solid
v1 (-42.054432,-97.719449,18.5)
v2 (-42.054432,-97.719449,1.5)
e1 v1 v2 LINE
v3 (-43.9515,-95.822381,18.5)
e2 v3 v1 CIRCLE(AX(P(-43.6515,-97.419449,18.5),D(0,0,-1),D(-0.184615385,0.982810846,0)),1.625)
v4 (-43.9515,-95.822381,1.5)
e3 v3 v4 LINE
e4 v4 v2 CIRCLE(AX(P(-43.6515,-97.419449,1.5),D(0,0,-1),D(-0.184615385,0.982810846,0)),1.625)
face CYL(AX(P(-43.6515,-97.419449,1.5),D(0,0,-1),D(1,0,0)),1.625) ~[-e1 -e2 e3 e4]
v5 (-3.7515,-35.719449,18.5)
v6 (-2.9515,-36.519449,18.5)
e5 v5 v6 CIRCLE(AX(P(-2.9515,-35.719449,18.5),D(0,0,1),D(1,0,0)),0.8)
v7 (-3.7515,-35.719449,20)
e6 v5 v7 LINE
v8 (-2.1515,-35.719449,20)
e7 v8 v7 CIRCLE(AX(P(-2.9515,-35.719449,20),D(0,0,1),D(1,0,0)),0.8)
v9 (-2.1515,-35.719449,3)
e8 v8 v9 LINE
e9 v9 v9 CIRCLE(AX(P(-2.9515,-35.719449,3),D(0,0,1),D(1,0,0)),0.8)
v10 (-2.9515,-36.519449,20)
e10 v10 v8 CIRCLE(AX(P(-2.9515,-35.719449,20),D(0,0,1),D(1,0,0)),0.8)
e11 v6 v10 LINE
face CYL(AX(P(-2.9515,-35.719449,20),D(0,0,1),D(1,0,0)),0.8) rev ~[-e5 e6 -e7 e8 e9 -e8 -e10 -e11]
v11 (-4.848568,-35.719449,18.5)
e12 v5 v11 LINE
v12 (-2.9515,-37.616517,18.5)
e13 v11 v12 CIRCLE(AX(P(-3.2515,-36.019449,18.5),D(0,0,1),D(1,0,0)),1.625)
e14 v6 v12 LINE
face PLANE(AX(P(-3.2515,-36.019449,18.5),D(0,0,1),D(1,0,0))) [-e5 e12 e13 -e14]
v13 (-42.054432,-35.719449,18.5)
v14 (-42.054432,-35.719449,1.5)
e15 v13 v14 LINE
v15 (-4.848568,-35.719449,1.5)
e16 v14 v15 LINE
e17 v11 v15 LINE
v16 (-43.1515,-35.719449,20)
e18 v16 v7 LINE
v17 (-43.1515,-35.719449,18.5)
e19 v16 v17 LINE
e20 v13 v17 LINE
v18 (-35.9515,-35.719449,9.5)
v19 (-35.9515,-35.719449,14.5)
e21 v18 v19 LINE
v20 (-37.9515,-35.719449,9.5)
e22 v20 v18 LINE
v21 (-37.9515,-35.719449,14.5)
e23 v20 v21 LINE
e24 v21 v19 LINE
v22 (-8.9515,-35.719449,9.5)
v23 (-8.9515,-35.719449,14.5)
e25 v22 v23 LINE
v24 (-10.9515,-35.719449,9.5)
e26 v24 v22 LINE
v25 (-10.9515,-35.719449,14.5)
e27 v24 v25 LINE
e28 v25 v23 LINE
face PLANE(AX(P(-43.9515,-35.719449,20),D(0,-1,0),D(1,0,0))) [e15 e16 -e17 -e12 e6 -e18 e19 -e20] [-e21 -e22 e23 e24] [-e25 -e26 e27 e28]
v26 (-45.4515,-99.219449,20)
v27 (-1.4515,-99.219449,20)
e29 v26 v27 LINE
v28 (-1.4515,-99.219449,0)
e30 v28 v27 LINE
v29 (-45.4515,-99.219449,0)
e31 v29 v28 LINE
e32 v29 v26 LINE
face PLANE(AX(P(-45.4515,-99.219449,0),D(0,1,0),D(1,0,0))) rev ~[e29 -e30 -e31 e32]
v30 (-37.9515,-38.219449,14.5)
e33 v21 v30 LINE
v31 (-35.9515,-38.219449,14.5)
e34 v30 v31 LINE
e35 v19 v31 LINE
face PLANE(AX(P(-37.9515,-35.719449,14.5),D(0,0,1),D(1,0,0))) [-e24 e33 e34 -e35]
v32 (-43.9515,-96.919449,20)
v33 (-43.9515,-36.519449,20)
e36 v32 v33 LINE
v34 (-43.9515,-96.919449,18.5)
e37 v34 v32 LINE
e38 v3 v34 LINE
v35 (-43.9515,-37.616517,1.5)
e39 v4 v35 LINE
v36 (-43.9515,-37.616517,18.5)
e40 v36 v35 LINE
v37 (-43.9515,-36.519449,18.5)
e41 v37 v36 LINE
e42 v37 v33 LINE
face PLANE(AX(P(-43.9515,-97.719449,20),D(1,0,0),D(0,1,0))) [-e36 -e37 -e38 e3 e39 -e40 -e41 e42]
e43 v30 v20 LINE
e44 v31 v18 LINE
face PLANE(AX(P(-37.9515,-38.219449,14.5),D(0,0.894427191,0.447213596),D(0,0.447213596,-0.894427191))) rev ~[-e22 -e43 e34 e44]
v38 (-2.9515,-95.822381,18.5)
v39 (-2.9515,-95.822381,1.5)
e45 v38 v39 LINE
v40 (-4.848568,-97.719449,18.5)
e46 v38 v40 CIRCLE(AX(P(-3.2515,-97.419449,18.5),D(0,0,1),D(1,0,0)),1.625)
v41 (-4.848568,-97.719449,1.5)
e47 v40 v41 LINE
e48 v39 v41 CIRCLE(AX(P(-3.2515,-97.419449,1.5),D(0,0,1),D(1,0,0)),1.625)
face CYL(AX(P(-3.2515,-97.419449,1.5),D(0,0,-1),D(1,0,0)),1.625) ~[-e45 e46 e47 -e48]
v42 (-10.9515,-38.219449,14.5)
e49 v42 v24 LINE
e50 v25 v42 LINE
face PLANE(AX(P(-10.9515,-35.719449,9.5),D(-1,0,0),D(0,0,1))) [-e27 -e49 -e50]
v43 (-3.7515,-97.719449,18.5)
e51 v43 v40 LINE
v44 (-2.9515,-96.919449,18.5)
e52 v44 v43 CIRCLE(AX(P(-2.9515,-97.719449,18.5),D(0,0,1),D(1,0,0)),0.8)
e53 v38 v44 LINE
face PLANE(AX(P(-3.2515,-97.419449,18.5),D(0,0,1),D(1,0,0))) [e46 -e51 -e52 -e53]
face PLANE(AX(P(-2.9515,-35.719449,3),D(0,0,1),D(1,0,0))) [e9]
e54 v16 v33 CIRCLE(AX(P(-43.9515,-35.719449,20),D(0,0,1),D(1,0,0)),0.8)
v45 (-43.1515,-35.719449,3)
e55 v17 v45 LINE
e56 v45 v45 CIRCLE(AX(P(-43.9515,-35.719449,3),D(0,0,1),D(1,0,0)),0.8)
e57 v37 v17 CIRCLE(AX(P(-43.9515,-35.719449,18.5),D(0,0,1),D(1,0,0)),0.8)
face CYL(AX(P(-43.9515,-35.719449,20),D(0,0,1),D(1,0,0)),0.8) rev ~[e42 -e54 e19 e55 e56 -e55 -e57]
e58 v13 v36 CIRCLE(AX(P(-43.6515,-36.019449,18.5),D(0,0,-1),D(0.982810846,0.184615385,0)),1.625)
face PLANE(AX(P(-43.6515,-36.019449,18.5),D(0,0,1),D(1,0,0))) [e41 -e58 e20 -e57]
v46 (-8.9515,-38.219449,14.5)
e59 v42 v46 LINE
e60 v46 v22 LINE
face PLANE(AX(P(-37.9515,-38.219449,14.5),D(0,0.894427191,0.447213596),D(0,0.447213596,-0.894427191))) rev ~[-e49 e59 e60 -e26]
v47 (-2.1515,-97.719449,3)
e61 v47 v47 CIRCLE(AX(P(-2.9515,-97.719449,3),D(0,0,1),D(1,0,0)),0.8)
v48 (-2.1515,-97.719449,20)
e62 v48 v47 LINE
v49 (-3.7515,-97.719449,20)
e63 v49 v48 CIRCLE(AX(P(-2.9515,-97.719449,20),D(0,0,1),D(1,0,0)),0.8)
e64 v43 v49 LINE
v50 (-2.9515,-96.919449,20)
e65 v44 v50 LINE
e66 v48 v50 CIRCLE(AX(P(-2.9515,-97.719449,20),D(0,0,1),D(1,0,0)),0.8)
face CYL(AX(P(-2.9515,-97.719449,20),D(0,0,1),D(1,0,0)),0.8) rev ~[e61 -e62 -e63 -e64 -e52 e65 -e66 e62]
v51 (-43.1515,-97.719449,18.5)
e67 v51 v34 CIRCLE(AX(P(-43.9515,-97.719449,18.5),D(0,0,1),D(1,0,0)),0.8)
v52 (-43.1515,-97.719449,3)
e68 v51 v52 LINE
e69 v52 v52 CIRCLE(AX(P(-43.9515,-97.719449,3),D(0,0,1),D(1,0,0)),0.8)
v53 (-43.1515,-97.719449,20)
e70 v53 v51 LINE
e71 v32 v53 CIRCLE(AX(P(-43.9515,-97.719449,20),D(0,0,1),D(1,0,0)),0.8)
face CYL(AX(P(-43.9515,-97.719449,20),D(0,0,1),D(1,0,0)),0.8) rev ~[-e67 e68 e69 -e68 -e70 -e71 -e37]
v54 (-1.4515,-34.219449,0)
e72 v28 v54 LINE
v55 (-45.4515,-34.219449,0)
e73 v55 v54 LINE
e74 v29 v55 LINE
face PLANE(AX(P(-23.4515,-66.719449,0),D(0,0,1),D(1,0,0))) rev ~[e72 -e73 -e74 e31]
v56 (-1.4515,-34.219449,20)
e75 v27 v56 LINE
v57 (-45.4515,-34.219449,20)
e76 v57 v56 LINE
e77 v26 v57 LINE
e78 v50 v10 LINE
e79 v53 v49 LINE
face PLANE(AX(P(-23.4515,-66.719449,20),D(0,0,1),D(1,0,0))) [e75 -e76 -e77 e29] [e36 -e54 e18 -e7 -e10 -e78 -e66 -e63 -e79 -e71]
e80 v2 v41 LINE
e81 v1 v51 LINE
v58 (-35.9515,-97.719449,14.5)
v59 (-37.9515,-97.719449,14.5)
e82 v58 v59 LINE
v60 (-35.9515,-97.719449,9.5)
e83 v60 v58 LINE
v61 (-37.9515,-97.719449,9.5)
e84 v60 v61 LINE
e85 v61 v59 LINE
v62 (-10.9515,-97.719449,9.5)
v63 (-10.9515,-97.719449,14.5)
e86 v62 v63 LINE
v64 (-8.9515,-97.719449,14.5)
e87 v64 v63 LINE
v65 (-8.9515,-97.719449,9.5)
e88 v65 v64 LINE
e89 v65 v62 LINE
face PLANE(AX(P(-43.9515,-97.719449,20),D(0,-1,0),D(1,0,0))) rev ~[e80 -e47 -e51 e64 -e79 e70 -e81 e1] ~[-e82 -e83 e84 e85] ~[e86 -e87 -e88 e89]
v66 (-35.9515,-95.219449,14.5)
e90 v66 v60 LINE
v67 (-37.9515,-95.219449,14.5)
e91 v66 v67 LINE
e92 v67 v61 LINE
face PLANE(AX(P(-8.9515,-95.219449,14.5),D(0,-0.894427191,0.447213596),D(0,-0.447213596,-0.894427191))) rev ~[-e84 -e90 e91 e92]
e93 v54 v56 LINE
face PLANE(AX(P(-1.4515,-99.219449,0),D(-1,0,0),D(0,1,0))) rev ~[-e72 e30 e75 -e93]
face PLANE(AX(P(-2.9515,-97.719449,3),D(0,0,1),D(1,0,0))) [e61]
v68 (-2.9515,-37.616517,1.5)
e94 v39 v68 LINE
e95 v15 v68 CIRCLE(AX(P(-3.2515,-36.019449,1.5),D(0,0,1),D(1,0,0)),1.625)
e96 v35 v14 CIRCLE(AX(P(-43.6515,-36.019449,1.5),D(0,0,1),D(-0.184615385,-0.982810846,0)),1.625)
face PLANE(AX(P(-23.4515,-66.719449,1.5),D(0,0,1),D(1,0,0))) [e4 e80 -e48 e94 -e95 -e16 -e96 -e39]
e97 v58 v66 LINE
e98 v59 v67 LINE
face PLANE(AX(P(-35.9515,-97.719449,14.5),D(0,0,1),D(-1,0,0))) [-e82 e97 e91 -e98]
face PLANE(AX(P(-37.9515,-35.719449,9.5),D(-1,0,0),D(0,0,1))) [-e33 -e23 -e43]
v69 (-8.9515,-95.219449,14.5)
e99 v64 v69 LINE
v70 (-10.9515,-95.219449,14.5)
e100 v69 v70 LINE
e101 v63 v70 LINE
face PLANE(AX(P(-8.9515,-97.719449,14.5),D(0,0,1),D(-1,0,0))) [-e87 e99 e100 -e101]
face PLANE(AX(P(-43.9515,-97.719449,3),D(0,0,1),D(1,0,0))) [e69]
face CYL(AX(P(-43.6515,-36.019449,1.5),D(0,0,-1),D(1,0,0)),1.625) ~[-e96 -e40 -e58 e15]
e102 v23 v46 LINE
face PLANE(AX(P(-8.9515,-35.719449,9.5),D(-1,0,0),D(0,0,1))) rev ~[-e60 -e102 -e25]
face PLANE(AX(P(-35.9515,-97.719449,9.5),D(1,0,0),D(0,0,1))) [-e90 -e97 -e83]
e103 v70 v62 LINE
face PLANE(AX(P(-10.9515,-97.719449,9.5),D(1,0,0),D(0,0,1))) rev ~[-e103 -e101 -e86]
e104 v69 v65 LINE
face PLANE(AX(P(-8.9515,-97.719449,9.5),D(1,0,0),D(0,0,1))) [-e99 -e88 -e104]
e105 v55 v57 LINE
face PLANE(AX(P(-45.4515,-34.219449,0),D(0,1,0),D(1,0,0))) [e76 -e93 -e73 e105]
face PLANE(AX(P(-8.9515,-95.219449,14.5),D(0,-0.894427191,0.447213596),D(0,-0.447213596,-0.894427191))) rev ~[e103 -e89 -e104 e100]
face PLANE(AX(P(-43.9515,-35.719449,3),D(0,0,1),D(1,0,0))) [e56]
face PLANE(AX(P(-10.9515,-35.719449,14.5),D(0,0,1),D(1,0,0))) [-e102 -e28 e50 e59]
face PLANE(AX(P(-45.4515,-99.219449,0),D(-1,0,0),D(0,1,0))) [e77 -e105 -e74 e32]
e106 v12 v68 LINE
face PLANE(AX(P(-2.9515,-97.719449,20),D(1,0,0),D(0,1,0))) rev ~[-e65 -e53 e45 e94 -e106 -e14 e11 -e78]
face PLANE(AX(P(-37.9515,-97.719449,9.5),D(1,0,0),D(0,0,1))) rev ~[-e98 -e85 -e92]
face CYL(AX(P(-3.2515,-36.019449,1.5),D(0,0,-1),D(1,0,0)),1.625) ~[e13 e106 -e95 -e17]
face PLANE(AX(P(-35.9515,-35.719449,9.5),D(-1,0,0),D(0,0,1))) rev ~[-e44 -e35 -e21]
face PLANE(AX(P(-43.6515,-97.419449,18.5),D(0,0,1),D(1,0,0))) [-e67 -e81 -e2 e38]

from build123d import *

# Parameters (mm, degrees)
F0_W      = 44
F0_H      = 65
F1_DEPTH  = 20
F2_W      = 41
F2_H      = 62
F3_DEPTH  = 18.5
F4_W      = 2
F4_H      = 5
F5_DEPTH  = 5
F7_DEPTH  = 30
F8_W      = 2
F8_H      = 5
F9_DEPTH  = 5
F11_DEPTH = 30
F13_R     = 1.625
F14_DEPTH = 17
F15_R     = 0.8
F16_DEPTH = 17


with BuildPart() as f1:
    # F0 (on Top) → F1 (new body)
    with BuildSketch(Plane.XY):
        with Locations((-23.4515, -66.719449)):
            Rectangle(F0_W, F0_H)
    extrude(amount=F1_DEPTH)

    # F2 (on face) → F3 (cut)
    with BuildSketch(Plane.XY.offset(20)):
        with Locations((-23.4515, -66.719449)):
            Rectangle(F2_W, F2_H)
    extrude(amount=-F3_DEPTH, mode=Mode.SUBTRACT)

    # F4 (on face) → F5 (join)
    with BuildSketch(Plane.XZ.offset(35.719449)):
        with Locations((-36.9515, 12)):
            Rectangle(F4_W, F4_H)
        with Locations((-9.9515, 12)):
            Rectangle(F4_W, F4_H)
    extrude(amount=F5_DEPTH)

    # F6 (on face) → F7 (cut)
    with BuildSketch(Plane(origin=(-37.9515, 0, 0), x_dir=(0, -1, 0), z_dir=(-1, 0, 0))):
        Polygon((38.219449, 14.5), (35.719449, 9.5), (40.719449, 9.5), (40.719449, 14.5), align=None)
    extrude(amount=-F7_DEPTH, mode=Mode.SUBTRACT)

    # F8 (on face) → F9 (join)
    with BuildSketch(Plane(origin=(0, -97.719449, 0), x_dir=(-1, 0, 0), z_dir=(0, 1, 0))):
        with Locations((36.9515, 12)):
            Rectangle(F8_W, F8_H)
        with Locations((9.9515, 12)):
            Rectangle(F8_W, F8_H)
    extrude(amount=F9_DEPTH)

    # F10 (on face) → F11 (cut)
    with BuildSketch(Plane.YZ.offset(-8.9515)):
        Polygon((-95.219449, 14.5), (-97.719449, 9.5), (-92.719449, 9.5), (-92.719449, 14.5), align=None)
    extrude(amount=-F11_DEPTH, mode=Mode.SUBTRACT)

    # F13 (on face) → F14 (join)
    with BuildSketch(Plane.XY.offset(1.5)):
        with Locations((-43.6515, -36.019449)):
            Circle(F13_R)
        with Locations((-3.2515, -36.019449)):
            Circle(F13_R)
        with Locations((-3.2515, -97.419449)):
            Circle(F13_R)
        with Locations((-43.6515, -97.419449)):
            Circle(F13_R)
    extrude(amount=F14_DEPTH)

    # F15 (on face) → F16 (cut)
    with BuildSketch(Plane.XY.offset(20)):
        with Locations((-43.9515, -97.719449)):
            Circle(F15_R)
        with Locations((-2.9515, -97.719449)):
            Circle(F15_R)
        with Locations((-43.9515, -35.719449)):
            Circle(F15_R)
        with Locations((-2.9515, -35.719449)):
            Circle(F15_R)
    extrude(amount=-F16_DEPTH, mode=Mode.SUBTRACT)


solid = f1.part
